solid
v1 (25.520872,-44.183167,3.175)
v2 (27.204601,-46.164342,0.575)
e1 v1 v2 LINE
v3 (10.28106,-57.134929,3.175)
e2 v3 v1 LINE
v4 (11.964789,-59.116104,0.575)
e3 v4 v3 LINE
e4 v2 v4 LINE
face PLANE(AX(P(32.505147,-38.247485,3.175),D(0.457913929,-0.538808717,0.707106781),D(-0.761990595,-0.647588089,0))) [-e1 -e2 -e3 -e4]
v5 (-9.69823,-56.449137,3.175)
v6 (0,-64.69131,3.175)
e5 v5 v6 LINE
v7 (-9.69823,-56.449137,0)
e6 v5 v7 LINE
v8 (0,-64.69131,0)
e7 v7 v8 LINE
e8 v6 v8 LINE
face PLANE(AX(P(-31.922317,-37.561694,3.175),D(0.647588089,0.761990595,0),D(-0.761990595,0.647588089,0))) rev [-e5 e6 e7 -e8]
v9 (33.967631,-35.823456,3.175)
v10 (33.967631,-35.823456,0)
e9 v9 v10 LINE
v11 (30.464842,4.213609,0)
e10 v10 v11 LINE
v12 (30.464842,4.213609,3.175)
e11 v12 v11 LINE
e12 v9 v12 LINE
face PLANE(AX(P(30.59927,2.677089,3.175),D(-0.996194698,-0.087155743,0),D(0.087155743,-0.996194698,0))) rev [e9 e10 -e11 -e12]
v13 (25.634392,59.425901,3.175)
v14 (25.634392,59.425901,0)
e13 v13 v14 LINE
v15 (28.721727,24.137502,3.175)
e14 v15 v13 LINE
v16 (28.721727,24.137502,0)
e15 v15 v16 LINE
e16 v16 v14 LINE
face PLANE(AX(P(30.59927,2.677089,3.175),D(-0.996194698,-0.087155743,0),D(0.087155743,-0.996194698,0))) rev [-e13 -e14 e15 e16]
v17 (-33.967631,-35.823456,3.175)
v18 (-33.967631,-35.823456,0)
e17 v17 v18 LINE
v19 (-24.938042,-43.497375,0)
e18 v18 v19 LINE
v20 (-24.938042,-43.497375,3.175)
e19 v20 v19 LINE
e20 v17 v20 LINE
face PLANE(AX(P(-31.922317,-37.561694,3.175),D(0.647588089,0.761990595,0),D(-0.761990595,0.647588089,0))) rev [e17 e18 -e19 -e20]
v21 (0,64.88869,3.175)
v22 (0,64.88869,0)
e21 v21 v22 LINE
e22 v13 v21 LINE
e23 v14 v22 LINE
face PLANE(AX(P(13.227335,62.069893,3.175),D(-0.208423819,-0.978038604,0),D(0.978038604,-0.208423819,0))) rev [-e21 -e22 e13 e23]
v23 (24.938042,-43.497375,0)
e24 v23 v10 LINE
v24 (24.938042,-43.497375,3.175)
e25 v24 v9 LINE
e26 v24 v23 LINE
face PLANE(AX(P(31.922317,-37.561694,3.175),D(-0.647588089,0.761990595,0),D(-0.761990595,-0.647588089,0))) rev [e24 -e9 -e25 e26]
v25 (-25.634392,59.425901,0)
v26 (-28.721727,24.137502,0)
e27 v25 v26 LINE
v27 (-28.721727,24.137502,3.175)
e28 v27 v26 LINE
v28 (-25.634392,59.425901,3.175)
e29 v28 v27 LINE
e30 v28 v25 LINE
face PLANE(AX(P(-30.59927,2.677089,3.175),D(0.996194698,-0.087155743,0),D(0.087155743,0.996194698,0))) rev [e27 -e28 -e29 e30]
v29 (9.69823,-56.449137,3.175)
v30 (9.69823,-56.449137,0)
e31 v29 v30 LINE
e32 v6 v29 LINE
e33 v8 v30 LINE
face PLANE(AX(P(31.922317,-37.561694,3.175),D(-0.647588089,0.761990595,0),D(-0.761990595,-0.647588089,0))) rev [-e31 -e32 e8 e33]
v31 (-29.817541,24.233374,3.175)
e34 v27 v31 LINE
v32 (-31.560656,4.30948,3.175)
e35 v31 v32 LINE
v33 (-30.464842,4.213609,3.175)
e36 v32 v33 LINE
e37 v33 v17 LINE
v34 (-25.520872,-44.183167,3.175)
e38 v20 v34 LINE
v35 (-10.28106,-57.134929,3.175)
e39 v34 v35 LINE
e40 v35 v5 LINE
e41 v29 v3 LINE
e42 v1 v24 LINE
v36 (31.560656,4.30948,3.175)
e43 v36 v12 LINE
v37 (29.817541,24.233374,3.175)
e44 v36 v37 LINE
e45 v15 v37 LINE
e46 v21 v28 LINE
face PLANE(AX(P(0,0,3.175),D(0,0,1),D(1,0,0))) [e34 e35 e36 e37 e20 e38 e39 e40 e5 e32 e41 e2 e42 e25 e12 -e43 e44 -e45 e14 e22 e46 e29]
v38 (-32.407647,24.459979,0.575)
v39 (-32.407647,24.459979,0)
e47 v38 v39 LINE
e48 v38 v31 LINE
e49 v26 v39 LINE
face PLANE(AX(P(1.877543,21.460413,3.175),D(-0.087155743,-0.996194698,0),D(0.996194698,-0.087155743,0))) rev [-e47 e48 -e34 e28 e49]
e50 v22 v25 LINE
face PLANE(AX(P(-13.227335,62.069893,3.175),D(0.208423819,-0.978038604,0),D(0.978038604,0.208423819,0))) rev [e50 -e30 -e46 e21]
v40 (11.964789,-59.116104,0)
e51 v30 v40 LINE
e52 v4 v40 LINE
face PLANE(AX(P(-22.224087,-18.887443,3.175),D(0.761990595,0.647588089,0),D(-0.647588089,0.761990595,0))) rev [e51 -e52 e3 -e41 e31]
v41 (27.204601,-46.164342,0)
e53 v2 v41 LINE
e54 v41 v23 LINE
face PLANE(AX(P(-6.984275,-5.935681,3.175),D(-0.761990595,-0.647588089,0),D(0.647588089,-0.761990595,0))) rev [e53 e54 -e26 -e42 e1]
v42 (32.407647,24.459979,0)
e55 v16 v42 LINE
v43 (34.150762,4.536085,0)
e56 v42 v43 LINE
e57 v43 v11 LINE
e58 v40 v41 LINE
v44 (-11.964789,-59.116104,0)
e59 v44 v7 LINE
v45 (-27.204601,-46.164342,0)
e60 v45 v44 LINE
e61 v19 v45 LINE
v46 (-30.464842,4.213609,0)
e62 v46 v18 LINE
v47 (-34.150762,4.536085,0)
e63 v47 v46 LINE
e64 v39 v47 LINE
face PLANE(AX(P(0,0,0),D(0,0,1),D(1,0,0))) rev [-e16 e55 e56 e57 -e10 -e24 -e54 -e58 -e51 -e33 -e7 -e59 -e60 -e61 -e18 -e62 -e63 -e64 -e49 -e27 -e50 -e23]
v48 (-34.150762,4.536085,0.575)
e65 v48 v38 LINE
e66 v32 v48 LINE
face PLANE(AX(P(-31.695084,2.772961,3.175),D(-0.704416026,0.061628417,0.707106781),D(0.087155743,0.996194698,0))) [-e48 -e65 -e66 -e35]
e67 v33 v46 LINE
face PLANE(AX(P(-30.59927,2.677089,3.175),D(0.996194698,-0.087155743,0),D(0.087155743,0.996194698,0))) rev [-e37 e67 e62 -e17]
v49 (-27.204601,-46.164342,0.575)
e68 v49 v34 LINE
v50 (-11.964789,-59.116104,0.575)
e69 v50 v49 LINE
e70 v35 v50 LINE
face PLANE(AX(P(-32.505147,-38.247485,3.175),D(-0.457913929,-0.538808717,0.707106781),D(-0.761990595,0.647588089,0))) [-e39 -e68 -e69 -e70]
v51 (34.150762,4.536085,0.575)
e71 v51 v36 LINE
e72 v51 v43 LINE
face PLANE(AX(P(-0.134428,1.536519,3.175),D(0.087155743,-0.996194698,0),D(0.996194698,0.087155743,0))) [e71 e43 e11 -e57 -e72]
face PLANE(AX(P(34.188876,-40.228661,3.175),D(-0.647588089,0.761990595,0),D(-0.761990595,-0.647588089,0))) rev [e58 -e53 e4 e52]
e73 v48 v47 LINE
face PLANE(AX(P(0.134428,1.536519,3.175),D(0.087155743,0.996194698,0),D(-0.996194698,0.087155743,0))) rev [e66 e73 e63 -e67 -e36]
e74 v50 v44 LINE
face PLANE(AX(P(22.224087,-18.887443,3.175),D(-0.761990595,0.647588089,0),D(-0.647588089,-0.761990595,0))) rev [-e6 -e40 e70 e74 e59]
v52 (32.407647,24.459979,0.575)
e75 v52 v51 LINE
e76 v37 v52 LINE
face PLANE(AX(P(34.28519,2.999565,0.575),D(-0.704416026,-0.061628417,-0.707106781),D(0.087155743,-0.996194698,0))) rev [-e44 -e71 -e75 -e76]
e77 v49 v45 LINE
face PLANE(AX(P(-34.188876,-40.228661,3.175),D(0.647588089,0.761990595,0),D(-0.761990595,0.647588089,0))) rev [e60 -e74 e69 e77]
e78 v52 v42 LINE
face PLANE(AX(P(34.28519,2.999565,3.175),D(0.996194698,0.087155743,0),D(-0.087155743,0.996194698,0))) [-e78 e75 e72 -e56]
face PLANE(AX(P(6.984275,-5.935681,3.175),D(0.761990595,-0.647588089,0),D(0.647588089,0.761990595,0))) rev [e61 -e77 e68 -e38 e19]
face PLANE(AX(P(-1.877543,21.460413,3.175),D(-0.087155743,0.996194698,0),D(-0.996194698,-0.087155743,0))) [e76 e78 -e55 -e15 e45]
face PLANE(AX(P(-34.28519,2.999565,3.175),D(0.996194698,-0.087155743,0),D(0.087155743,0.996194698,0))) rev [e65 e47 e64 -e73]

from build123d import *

# Parameters (mm, degrees)
BOSS_EXTRUDE2_DEPTH = 3.175
CHAMFER3_SIZE       = 2.6


with BuildPart() as part:
    # Sketch2 → Boss-Extrude2 (new body)
    with BuildSketch(Plane.XY):
        Polygon((33.967630838, -35.823456397), (25.63439182, 59.425901431), (0, 64.888689731), (-25.63439182, 59.425901431), (-33.967630838, -35.823456397), (0, -64.691310269), align=None)
        Polygon((-30.464841537, 4.213608519), (-28.721726682, 24.137502481), (-32.407647065, 24.459978729), (-34.15076192, 4.536084767), align=None)
        Polygon((32.407647065, 24.459978729), (28.721726682, 24.137502481), (30.464841537, 4.213608519), (34.15076192, 4.536084767), align=None)
        Polygon((27.2046006, -46.164342336), (24.938042288, -43.497375254), (9.698230388, -56.449137036), (11.9647887, -59.116104119), align=None)
        Polygon((-9.698230388, -56.449137036), (-24.938042288, -43.497375254), (-27.2046006, -46.164342336), (-11.9647887, -59.116104119), align=None)
    extrude(amount=BOSS_EXTRUDE2_DEPTH)

    # Chamfer3
    chamfer3_edges = [part.edges().sort_by_distance(p)[0] for p in [
        (19.58469465, -52.640223227, 3.175),
        (33.279204493, 14.498031748, 3.175),
        (-33.279204493, 14.498031748, 3.175),
        (-19.58469465, -52.640223227, 3.175),
    ]]
    chamfer(chamfer3_edges, length=CHAMFER3_SIZE)


solid = part.part
